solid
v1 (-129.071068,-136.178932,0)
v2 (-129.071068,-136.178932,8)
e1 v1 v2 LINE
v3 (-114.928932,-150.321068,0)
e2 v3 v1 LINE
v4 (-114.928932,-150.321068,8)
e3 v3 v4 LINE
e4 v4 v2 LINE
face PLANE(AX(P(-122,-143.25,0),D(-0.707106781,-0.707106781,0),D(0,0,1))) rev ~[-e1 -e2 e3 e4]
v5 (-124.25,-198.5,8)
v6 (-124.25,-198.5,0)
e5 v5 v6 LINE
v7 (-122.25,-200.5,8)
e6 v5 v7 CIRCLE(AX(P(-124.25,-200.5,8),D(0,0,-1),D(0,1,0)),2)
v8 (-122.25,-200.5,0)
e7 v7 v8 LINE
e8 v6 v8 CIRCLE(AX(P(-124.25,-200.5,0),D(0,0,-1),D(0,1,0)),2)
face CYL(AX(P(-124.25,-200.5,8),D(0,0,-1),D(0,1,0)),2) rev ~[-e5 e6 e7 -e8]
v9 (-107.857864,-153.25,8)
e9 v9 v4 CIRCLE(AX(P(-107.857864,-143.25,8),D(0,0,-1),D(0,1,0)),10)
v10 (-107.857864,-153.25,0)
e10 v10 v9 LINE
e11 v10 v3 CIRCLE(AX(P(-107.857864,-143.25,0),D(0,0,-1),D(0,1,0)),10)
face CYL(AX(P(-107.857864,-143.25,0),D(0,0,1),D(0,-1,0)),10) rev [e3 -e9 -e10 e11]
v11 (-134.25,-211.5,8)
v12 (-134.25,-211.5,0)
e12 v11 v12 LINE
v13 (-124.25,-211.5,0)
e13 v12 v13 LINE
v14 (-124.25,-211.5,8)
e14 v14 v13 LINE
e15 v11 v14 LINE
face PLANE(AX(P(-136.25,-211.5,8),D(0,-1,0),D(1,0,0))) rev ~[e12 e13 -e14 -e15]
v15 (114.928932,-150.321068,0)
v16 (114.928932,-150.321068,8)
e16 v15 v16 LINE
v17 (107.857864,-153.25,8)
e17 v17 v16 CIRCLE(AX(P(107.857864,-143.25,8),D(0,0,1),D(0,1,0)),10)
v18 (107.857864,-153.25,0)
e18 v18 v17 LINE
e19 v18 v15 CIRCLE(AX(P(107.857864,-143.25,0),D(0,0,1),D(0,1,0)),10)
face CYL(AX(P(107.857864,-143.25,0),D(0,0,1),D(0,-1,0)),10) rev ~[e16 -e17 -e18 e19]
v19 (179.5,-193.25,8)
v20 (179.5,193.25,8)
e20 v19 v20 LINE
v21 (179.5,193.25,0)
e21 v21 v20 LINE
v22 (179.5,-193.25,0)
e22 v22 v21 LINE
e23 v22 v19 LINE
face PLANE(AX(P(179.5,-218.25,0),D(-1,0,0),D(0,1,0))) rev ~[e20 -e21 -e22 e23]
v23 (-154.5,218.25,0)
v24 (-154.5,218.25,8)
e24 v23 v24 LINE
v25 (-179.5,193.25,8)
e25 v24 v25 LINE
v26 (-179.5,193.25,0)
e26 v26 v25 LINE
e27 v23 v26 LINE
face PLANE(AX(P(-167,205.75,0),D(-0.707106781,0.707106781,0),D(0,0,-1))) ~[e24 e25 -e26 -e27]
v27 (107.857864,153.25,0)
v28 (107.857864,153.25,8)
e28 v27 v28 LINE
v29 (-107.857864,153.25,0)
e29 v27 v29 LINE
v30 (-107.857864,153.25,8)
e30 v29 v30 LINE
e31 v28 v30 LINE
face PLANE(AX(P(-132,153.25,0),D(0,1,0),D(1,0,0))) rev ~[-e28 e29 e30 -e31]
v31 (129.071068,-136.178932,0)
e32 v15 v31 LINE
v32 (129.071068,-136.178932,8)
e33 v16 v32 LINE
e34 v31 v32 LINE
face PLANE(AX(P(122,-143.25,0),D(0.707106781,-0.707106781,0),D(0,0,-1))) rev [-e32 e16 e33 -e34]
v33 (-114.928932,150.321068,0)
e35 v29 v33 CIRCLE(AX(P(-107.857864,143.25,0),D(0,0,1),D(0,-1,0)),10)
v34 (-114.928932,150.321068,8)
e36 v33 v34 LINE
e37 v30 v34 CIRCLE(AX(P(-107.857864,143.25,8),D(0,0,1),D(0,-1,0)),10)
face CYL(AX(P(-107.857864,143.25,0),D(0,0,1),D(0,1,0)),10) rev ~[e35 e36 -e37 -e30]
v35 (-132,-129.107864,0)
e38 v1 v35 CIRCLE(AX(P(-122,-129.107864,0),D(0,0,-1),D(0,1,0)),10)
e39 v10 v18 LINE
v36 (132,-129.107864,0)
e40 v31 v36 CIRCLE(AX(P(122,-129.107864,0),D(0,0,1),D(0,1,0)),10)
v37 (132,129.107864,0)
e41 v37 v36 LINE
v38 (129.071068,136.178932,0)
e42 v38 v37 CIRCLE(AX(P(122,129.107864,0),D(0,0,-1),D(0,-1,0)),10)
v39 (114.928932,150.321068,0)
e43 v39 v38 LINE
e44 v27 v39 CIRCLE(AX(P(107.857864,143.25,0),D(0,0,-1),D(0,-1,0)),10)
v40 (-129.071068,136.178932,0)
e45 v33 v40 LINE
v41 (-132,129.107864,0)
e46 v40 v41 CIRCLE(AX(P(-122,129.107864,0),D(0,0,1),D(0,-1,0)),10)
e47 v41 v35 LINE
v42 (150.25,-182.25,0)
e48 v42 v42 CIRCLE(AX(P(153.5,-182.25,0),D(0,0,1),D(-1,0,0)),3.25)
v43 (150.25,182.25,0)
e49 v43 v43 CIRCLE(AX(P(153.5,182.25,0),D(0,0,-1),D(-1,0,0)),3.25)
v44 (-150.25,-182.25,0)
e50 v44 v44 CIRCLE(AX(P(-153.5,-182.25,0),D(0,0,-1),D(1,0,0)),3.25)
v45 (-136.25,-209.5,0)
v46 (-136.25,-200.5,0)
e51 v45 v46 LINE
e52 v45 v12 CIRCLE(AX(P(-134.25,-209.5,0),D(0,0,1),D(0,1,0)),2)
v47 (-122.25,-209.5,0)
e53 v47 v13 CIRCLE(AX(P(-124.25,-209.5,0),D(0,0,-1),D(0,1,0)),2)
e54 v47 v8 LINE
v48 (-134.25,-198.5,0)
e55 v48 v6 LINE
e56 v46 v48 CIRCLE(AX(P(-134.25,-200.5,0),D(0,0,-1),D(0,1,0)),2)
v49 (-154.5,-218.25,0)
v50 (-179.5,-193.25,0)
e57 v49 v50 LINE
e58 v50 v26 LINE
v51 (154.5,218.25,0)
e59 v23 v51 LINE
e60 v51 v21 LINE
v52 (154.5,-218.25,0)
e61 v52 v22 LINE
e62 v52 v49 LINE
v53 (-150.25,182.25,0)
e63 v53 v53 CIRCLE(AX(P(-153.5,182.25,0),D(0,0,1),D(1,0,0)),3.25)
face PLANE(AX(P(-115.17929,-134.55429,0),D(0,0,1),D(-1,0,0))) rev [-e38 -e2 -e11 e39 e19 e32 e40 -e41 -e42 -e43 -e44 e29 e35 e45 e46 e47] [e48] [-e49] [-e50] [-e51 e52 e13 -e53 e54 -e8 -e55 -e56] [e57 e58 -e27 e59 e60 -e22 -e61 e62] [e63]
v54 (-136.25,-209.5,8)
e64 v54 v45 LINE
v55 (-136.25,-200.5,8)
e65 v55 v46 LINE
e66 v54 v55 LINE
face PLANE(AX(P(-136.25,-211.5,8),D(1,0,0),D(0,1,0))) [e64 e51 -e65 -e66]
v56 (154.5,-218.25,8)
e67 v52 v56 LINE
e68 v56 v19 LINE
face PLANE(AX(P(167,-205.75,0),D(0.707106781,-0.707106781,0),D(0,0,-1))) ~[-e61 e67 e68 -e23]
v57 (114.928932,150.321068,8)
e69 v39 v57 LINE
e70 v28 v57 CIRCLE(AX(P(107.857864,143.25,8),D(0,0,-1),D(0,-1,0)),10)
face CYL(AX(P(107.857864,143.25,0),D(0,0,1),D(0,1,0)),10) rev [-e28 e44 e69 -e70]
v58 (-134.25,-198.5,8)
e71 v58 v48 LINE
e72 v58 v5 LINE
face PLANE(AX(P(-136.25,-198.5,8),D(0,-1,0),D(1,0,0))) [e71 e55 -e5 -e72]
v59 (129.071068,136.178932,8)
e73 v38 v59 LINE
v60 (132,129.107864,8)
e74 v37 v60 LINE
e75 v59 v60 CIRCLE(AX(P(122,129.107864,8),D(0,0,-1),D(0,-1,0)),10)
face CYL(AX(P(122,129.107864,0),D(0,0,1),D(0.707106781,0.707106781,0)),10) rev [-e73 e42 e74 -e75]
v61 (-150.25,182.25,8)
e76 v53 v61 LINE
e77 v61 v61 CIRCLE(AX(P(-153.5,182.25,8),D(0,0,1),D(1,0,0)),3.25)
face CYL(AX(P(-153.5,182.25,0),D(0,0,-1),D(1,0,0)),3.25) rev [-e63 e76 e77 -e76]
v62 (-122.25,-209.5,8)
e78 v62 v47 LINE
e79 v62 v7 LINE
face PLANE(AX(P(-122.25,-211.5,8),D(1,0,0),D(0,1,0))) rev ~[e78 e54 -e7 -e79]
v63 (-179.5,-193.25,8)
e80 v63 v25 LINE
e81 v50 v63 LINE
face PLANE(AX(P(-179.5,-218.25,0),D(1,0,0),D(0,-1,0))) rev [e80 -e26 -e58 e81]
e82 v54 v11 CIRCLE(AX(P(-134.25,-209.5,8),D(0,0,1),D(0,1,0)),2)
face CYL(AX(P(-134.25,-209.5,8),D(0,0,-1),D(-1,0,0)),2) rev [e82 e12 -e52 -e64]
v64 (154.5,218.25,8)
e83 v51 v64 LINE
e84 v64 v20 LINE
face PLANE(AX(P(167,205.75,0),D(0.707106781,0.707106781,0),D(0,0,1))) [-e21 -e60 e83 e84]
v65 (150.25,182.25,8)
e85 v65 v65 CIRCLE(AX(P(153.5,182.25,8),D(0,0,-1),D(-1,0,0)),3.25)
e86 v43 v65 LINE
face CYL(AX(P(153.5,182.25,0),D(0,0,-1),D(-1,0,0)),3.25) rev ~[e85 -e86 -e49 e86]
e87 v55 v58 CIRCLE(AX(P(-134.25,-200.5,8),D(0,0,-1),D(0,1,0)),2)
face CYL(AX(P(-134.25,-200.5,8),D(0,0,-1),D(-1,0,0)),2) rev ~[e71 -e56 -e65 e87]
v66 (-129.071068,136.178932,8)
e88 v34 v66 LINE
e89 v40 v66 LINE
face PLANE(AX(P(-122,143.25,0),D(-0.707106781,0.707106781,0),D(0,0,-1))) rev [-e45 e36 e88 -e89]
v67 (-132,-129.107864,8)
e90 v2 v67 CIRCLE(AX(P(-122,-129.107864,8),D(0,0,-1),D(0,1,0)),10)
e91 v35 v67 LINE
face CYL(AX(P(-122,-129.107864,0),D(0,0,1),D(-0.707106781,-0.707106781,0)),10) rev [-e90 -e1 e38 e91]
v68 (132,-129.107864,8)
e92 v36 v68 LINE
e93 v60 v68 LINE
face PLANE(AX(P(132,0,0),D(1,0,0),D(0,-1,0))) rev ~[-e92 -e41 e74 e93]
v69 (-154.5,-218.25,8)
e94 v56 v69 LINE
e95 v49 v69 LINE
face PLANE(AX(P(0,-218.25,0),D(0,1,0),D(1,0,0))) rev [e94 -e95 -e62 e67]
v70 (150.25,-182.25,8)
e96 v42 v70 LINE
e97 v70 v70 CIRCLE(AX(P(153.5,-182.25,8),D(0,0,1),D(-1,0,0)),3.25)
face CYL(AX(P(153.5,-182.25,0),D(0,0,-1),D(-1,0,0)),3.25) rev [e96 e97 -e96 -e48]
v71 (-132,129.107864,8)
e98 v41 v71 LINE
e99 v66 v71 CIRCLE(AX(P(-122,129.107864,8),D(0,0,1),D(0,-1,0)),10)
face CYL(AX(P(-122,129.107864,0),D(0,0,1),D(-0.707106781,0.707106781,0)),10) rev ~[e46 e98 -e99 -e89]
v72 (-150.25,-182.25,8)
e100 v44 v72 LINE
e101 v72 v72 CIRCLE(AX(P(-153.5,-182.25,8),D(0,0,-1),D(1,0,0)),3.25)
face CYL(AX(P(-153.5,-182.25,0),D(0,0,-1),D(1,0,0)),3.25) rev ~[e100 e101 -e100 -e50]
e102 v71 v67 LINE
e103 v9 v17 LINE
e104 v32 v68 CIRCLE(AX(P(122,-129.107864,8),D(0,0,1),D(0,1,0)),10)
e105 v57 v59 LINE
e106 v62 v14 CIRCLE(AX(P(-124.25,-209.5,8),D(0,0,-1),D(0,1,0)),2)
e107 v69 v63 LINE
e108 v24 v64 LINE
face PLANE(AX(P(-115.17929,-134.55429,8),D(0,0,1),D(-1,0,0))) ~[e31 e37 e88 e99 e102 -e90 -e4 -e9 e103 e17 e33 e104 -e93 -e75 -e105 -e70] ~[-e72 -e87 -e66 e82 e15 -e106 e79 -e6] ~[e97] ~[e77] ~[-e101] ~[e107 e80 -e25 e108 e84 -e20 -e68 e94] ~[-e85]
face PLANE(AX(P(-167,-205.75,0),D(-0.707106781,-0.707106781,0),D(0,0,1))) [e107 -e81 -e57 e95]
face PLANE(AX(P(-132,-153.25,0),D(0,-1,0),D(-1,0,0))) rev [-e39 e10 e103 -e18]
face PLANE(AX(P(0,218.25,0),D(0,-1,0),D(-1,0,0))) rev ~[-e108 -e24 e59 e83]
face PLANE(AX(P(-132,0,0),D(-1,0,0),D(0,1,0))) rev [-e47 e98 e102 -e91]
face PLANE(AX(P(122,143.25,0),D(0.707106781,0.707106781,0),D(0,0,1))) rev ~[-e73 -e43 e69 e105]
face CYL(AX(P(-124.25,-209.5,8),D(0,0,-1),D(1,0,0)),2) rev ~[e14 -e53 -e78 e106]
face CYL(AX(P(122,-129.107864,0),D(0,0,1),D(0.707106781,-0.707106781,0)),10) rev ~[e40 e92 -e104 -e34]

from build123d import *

# Parameters (mm, degrees)
SKETCH_R        = 3.25
PAD_DEPTH       = 8
CHAMFER_SIZE    = 25
CHAMFER001_SIZE = 20
FILLET_R        = 10
SKETCH001_W     = 14
SKETCH001_H     = 13
POCKET_DEPTH    = 8
FILLET001_R     = 2


with BuildPart() as fillet_body:
    # Sketch → Pad (new body)
    with BuildSketch(Plane.XY):
        Polygon((0, 218.25), (-179.5, 218.25), (-179.5, 0), (-132, 0), (-132, 153.25), (0, 153.25), align=None)
        with Locations((-153.5, 182.25)):
            Circle(SKETCH_R, mode=Mode.SUBTRACT)
    extrude(amount=PAD_DEPTH)

    # Chamfer
    chamfer_edges = [fillet_body.edges().sort_by_distance(p)[0] for p in [
        (-179.5, 218.25, 4),
    ]]
    chamfer(chamfer_edges, length=CHAMFER_SIZE)

    # Chamfer001
    chamfer001_edges = [fillet_body.edges().sort_by_distance(p)[0] for p in [
        (-132, 153.25, 4),
    ]]
    chamfer(chamfer001_edges, length=CHAMFER001_SIZE)

    # Fillet
    fillet_edges = [fillet_body.edges().sort_by_distance(p)[0] for p in [
        (-112, 153.25, 4),
        (-132, 133.25, 4),
    ]]
    fillet(fillet_edges, radius=FILLET_R)


with BuildPart() as part_mirroring:
    # Part__Mirroring: instance of Fillet body
    add(fillet_body.part.mirror(Plane(origin=(0, 0, 0), x_dir=(1, 0, 0), z_dir=(0, 1, 0))))


with BuildPart() as fusion:
    # Fusion base: copy of Fillet body
    add(fillet_body.part)

    # Fusion: union Part__Mirroring
    add(part_mirroring.part)


with BuildPart() as fillet001:
    # Part__Mirroring001: instance of Fusion
    add(fusion.part.mirror(Plane(origin=(0, 0, 0), x_dir=(0, -1, 0), z_dir=(1, 0, 0))))

    # Fusion001: union Fusion
    add(fusion.part)

    # Sketch001 → Pocket (cut)
    with BuildSketch(Plane.XY.offset(8)):
        with Locations((-129.25, -205)):
            Rectangle(SKETCH001_W, SKETCH001_H)
    extrude(amount=-POCKET_DEPTH, mode=Mode.SUBTRACT)

    # Fillet001
    fillet001_edges = [fillet001.edges().sort_by_distance(p)[0] for p in [
        (-122.25, -198.5, 4),
        (-136.25, -198.5, 4),
        (-136.25, -211.5, 4),
        (-122.25, -211.5, 4),
    ]]
    fillet(fillet001_edges, radius=FILLET001_R)


solid = fillet001.part
